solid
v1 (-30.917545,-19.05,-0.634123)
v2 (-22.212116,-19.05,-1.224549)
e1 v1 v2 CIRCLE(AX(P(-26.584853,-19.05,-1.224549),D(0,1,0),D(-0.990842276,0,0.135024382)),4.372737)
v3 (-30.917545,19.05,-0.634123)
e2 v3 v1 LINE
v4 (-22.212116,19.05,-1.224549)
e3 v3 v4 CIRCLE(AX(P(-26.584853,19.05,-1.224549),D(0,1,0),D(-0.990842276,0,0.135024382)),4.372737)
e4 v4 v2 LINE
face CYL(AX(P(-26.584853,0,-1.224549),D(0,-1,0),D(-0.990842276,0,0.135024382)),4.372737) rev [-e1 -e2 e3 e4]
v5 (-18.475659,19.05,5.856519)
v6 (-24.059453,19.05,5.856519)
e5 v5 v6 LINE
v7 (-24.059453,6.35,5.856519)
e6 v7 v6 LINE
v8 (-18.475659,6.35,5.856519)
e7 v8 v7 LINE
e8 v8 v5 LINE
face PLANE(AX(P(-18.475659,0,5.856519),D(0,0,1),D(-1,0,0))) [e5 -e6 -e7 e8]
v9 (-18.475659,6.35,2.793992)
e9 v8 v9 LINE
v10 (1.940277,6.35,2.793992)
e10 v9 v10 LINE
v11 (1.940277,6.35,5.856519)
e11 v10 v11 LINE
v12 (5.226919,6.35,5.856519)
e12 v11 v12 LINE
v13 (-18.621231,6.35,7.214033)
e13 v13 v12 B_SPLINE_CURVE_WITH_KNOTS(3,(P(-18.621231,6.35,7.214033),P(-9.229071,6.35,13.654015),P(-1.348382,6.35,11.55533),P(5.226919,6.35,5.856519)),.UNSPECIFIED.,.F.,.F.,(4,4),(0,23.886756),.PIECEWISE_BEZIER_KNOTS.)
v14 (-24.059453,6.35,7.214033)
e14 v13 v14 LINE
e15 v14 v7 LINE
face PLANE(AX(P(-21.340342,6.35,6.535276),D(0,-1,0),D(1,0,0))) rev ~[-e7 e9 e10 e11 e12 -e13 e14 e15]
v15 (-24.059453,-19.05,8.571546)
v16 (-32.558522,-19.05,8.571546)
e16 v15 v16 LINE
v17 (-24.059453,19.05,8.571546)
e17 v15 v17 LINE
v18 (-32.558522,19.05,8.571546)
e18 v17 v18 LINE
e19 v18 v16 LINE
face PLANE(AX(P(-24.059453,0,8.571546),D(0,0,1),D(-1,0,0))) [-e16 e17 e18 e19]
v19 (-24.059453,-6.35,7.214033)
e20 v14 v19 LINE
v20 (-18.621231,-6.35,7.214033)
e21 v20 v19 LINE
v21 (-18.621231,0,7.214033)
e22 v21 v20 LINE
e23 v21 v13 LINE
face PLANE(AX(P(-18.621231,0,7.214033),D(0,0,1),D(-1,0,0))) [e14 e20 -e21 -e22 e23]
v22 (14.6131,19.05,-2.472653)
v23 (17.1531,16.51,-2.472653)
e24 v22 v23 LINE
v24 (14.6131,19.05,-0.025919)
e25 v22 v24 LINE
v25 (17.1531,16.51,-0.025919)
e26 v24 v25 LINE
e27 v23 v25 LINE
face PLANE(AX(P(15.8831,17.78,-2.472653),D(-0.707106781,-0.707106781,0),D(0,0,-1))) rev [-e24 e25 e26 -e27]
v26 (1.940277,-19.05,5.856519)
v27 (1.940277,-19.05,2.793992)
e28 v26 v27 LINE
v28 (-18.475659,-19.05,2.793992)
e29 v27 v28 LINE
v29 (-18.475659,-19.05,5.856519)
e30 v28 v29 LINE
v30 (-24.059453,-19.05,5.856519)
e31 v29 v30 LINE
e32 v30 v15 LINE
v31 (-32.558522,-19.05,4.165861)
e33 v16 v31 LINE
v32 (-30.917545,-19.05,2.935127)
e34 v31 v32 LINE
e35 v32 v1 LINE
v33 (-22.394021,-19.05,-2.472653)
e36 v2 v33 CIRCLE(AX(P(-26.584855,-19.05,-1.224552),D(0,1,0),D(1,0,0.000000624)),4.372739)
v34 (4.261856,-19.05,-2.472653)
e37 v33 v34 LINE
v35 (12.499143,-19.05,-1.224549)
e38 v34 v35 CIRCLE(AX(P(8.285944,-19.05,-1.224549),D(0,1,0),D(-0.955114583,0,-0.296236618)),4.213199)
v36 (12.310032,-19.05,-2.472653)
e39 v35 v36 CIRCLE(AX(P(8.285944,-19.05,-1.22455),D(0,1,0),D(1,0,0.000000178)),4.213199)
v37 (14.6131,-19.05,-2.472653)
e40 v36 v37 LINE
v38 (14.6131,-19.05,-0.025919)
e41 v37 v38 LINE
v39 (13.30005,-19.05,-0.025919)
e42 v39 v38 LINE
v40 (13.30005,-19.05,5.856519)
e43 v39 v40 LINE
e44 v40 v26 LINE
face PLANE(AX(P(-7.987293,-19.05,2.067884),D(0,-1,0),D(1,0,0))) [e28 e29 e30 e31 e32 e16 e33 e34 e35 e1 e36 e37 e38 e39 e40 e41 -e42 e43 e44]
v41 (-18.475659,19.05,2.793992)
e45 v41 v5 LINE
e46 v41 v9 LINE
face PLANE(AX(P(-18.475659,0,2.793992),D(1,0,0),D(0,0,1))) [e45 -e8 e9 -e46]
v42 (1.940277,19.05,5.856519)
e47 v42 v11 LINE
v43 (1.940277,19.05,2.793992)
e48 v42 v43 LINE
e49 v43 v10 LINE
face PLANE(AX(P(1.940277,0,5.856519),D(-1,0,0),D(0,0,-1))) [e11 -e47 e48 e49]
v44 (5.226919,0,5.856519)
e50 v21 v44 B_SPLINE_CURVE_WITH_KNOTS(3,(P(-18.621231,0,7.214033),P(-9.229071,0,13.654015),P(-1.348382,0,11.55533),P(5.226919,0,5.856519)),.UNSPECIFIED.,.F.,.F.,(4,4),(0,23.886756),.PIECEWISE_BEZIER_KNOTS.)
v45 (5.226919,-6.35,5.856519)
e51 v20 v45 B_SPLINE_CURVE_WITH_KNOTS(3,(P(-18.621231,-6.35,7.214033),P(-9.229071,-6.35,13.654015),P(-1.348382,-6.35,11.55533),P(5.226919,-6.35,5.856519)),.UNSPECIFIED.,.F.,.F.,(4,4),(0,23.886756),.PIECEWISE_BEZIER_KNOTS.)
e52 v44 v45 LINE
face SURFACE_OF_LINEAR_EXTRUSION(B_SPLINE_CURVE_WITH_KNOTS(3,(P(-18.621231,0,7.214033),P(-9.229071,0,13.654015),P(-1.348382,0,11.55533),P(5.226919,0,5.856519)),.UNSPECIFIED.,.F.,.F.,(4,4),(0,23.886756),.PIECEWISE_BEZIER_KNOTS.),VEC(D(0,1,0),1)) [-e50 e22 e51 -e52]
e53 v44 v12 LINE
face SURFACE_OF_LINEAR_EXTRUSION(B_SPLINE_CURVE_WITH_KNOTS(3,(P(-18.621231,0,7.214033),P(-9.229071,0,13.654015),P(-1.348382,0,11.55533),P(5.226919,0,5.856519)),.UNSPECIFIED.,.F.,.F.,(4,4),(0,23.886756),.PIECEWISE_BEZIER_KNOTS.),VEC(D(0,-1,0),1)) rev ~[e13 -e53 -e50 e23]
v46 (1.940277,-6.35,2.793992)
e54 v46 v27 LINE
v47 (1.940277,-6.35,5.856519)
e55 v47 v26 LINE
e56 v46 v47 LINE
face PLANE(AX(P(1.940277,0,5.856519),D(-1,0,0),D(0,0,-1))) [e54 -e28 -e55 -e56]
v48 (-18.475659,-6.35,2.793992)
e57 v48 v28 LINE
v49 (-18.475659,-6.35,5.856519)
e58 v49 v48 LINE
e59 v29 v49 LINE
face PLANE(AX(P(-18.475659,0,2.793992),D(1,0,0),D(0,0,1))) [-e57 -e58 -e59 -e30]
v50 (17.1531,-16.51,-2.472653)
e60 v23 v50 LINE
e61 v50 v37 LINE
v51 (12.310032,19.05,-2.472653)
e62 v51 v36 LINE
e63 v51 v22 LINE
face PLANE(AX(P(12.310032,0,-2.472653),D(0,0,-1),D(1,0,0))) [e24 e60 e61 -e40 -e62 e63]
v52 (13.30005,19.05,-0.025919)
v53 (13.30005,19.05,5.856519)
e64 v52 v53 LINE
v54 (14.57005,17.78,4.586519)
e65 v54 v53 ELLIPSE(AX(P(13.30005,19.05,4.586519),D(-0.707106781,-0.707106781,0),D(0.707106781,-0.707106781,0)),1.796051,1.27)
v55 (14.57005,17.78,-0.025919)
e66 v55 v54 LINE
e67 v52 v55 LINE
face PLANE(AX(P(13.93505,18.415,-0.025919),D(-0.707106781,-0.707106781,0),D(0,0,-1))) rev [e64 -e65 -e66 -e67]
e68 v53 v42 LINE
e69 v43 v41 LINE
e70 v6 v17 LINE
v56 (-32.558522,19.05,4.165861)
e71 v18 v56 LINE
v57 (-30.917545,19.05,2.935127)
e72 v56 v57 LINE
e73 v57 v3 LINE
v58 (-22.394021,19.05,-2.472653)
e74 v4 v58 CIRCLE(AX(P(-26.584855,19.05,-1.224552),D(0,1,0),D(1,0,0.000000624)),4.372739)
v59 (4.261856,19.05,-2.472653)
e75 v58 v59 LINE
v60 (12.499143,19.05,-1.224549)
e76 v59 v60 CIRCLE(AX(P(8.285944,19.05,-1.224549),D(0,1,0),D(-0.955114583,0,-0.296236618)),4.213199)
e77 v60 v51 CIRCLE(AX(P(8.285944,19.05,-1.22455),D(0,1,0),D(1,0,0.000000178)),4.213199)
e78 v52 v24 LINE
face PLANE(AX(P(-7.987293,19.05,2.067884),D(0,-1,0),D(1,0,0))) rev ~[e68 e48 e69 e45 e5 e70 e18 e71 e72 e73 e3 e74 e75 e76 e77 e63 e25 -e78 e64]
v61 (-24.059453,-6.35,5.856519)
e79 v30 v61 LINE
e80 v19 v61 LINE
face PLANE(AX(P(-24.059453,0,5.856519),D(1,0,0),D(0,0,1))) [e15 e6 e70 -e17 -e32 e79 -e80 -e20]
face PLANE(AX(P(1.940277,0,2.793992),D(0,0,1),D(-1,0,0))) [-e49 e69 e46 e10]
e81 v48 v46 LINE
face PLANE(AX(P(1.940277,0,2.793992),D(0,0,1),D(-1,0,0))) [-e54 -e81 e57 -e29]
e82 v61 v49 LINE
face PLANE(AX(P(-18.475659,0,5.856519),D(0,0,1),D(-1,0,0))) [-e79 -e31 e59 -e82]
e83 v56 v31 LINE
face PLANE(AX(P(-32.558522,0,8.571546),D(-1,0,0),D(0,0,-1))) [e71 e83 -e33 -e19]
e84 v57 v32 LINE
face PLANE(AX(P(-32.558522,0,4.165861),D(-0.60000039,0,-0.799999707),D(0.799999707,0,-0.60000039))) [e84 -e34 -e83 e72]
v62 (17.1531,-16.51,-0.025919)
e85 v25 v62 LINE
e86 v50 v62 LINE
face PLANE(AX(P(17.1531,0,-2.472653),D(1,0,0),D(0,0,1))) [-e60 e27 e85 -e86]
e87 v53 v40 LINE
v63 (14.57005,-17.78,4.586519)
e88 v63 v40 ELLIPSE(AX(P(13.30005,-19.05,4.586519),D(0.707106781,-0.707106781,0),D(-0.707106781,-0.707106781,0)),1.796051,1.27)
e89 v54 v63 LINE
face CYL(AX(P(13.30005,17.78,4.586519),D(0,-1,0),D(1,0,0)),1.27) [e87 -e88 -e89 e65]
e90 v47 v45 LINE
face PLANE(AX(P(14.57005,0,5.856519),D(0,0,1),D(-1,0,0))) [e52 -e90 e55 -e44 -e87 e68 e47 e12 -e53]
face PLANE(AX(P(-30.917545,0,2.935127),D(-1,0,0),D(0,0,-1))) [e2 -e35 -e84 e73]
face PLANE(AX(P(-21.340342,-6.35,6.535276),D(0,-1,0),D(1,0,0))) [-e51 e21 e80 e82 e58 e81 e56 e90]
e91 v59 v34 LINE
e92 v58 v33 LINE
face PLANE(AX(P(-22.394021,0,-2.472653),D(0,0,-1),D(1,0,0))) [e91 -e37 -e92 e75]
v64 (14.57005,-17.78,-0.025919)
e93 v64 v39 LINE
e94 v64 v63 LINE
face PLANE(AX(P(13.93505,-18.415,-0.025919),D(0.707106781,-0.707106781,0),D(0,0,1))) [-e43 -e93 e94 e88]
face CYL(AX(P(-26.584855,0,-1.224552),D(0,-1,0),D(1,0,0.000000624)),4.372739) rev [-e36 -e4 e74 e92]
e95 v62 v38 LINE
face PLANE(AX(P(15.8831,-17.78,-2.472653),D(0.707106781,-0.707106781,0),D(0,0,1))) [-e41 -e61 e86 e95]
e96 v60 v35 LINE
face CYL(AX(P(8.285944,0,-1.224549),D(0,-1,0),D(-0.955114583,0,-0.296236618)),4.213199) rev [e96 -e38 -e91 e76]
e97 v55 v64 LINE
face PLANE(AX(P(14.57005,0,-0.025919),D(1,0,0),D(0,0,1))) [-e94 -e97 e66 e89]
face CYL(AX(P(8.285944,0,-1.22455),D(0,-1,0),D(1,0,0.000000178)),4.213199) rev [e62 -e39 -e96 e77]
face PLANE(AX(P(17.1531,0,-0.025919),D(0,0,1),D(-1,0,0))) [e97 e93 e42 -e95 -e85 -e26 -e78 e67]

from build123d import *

# Parameters (mm, degrees)
F1_DEPTH = 19.05
F2_DEPTH = 6.35
F3_DEPTH = 6.35
F4_SIZE  = 2.54
F5_SIZE  = 1.27
F6_R     = 1.27


with BuildPart() as f1:
    # F0 (on Front) → F1 (new body, symmetric)
    with BuildSketch(Plane.XZ):
        with BuildLine():
            Line((-24.059453, 8.571546), (-32.558522, 8.571546))
            Line((-32.558522, 8.571546), (-32.558522, 4.165861))
            Line((-32.558522, 4.165861), (-30.917545, 2.935127))
            Line((-30.917545, 2.935127), (-30.917545, 0))
            Line((-30.917545, 0), (-30.917545, -0.634123))
            ThreePointArc((-30.917545, -0.634123), (-26.288961, 3.138165), (-22.212116, -1.224549))
            ThreePointArc((-22.212116, -1.224549), (-22.257831, -1.855194), (-22.394021, -2.472653))
            Line((-22.394021, -2.472653), (4.261856, -2.472653))
            ThreePointArc((4.261856, -2.472653), (7.65477, 2.941104), (12.499143, -1.224549))
            ThreePointArc((12.499143, -1.224549), (12.451597, -1.855724), (12.310032, -2.472653))
            Line((12.310032, -2.472653), (17.1531, -2.472653))
            Line((17.1531, -2.472653), (17.1531, -0.025919))
            Line((17.1531, -0.025919), (14.57005, -0.025919))
            Line((14.57005, -0.025919), (14.57005, 0))
            Line((14.57005, 0), (14.57005, 5.856519))
            Line((14.57005, 5.856519), (10.009351, 5.856519))
            Line((10.009351, 5.856519), (5.226919, 5.856519))
            Line((5.226919, 5.856519), (1.940277, 5.856519))
            Line((1.940277, 5.856519), (1.940277, 2.793992))
            Line((1.940277, 2.793992), (-18.475659, 2.793992))
            Line((-18.475659, 2.793992), (-18.475659, 5.856519))
            Line((-18.475659, 5.856519), (-18.621231, 5.856519))
            Line((-18.621231, 5.856519), (-24.059453, 5.856519))
            Line((-24.059453, 5.856519), (-24.059453, 6.833025))
            Line((-24.059453, 6.833025), (-24.059453, 7.214033))
            Line((-24.059453, 7.214033), (-24.059453, 8.571546))
        make_face()
    extrude(amount=F1_DEPTH, both=True)

    # F0 (on Front) → F2 (join, symmetric)
    with BuildSketch(Plane.XZ):
        with BuildLine():
            add(Edge.make_bspline(
                [(-18.621231, 7.214033), (-9.229071, 13.654015), (-1.348382, 11.55533), (5.226919, 5.856519)],
                knots=[0, 0, 0, 0, 23.886756, 23.886756, 23.886756, 23.886756], degree=3))
            Line((-18.621231, 7.214033), (-18.621231, 5.856519))
            Line((-18.621231, 5.856519), (-18.475659, 5.856519))
            Line((-18.475659, 5.856519), (-18.475659, 2.793992))
            Line((-18.475659, 2.793992), (1.940277, 2.793992))
            Line((1.940277, 2.793992), (1.940277, 5.856519))
            Line((1.940277, 5.856519), (5.226919, 5.856519))
        make_face()
    extrude(amount=F2_DEPTH, both=True)

    # F0 (on Front) → F3 (join, symmetric)
    with BuildSketch(Plane.XZ):
        Polygon((-18.621231, 7.214033), (-24.059453, 7.214033), (-24.059453, 6.833025), (-24.059453, 5.856519), (-18.621231, 5.856519), align=None)
    extrude(amount=F3_DEPTH, both=True)

    # F4
    f4_edges = [f1.edges().sort_by_distance(p)[0] for p in [
        (17.1531, -19.05, -1.249286),
        (17.1531, 19.05, -1.249286),
    ]]
    chamfer(f4_edges, length=F4_SIZE)

    # F5
    f5_edges = [f1.edges().sort_by_distance(p)[0] for p in [
        (14.57005, -19.05, 2.9153),
        (14.57005, 19.05, 2.9153),
    ]]
    chamfer(f5_edges, length=F5_SIZE)

    # F6
    f6_edges = [f1.edges().sort_by_distance(p)[0] for p in [
        (14.57005, 0, 5.856519),
    ]]
    fillet(f6_edges, radius=F6_R)


solid = f1.part
